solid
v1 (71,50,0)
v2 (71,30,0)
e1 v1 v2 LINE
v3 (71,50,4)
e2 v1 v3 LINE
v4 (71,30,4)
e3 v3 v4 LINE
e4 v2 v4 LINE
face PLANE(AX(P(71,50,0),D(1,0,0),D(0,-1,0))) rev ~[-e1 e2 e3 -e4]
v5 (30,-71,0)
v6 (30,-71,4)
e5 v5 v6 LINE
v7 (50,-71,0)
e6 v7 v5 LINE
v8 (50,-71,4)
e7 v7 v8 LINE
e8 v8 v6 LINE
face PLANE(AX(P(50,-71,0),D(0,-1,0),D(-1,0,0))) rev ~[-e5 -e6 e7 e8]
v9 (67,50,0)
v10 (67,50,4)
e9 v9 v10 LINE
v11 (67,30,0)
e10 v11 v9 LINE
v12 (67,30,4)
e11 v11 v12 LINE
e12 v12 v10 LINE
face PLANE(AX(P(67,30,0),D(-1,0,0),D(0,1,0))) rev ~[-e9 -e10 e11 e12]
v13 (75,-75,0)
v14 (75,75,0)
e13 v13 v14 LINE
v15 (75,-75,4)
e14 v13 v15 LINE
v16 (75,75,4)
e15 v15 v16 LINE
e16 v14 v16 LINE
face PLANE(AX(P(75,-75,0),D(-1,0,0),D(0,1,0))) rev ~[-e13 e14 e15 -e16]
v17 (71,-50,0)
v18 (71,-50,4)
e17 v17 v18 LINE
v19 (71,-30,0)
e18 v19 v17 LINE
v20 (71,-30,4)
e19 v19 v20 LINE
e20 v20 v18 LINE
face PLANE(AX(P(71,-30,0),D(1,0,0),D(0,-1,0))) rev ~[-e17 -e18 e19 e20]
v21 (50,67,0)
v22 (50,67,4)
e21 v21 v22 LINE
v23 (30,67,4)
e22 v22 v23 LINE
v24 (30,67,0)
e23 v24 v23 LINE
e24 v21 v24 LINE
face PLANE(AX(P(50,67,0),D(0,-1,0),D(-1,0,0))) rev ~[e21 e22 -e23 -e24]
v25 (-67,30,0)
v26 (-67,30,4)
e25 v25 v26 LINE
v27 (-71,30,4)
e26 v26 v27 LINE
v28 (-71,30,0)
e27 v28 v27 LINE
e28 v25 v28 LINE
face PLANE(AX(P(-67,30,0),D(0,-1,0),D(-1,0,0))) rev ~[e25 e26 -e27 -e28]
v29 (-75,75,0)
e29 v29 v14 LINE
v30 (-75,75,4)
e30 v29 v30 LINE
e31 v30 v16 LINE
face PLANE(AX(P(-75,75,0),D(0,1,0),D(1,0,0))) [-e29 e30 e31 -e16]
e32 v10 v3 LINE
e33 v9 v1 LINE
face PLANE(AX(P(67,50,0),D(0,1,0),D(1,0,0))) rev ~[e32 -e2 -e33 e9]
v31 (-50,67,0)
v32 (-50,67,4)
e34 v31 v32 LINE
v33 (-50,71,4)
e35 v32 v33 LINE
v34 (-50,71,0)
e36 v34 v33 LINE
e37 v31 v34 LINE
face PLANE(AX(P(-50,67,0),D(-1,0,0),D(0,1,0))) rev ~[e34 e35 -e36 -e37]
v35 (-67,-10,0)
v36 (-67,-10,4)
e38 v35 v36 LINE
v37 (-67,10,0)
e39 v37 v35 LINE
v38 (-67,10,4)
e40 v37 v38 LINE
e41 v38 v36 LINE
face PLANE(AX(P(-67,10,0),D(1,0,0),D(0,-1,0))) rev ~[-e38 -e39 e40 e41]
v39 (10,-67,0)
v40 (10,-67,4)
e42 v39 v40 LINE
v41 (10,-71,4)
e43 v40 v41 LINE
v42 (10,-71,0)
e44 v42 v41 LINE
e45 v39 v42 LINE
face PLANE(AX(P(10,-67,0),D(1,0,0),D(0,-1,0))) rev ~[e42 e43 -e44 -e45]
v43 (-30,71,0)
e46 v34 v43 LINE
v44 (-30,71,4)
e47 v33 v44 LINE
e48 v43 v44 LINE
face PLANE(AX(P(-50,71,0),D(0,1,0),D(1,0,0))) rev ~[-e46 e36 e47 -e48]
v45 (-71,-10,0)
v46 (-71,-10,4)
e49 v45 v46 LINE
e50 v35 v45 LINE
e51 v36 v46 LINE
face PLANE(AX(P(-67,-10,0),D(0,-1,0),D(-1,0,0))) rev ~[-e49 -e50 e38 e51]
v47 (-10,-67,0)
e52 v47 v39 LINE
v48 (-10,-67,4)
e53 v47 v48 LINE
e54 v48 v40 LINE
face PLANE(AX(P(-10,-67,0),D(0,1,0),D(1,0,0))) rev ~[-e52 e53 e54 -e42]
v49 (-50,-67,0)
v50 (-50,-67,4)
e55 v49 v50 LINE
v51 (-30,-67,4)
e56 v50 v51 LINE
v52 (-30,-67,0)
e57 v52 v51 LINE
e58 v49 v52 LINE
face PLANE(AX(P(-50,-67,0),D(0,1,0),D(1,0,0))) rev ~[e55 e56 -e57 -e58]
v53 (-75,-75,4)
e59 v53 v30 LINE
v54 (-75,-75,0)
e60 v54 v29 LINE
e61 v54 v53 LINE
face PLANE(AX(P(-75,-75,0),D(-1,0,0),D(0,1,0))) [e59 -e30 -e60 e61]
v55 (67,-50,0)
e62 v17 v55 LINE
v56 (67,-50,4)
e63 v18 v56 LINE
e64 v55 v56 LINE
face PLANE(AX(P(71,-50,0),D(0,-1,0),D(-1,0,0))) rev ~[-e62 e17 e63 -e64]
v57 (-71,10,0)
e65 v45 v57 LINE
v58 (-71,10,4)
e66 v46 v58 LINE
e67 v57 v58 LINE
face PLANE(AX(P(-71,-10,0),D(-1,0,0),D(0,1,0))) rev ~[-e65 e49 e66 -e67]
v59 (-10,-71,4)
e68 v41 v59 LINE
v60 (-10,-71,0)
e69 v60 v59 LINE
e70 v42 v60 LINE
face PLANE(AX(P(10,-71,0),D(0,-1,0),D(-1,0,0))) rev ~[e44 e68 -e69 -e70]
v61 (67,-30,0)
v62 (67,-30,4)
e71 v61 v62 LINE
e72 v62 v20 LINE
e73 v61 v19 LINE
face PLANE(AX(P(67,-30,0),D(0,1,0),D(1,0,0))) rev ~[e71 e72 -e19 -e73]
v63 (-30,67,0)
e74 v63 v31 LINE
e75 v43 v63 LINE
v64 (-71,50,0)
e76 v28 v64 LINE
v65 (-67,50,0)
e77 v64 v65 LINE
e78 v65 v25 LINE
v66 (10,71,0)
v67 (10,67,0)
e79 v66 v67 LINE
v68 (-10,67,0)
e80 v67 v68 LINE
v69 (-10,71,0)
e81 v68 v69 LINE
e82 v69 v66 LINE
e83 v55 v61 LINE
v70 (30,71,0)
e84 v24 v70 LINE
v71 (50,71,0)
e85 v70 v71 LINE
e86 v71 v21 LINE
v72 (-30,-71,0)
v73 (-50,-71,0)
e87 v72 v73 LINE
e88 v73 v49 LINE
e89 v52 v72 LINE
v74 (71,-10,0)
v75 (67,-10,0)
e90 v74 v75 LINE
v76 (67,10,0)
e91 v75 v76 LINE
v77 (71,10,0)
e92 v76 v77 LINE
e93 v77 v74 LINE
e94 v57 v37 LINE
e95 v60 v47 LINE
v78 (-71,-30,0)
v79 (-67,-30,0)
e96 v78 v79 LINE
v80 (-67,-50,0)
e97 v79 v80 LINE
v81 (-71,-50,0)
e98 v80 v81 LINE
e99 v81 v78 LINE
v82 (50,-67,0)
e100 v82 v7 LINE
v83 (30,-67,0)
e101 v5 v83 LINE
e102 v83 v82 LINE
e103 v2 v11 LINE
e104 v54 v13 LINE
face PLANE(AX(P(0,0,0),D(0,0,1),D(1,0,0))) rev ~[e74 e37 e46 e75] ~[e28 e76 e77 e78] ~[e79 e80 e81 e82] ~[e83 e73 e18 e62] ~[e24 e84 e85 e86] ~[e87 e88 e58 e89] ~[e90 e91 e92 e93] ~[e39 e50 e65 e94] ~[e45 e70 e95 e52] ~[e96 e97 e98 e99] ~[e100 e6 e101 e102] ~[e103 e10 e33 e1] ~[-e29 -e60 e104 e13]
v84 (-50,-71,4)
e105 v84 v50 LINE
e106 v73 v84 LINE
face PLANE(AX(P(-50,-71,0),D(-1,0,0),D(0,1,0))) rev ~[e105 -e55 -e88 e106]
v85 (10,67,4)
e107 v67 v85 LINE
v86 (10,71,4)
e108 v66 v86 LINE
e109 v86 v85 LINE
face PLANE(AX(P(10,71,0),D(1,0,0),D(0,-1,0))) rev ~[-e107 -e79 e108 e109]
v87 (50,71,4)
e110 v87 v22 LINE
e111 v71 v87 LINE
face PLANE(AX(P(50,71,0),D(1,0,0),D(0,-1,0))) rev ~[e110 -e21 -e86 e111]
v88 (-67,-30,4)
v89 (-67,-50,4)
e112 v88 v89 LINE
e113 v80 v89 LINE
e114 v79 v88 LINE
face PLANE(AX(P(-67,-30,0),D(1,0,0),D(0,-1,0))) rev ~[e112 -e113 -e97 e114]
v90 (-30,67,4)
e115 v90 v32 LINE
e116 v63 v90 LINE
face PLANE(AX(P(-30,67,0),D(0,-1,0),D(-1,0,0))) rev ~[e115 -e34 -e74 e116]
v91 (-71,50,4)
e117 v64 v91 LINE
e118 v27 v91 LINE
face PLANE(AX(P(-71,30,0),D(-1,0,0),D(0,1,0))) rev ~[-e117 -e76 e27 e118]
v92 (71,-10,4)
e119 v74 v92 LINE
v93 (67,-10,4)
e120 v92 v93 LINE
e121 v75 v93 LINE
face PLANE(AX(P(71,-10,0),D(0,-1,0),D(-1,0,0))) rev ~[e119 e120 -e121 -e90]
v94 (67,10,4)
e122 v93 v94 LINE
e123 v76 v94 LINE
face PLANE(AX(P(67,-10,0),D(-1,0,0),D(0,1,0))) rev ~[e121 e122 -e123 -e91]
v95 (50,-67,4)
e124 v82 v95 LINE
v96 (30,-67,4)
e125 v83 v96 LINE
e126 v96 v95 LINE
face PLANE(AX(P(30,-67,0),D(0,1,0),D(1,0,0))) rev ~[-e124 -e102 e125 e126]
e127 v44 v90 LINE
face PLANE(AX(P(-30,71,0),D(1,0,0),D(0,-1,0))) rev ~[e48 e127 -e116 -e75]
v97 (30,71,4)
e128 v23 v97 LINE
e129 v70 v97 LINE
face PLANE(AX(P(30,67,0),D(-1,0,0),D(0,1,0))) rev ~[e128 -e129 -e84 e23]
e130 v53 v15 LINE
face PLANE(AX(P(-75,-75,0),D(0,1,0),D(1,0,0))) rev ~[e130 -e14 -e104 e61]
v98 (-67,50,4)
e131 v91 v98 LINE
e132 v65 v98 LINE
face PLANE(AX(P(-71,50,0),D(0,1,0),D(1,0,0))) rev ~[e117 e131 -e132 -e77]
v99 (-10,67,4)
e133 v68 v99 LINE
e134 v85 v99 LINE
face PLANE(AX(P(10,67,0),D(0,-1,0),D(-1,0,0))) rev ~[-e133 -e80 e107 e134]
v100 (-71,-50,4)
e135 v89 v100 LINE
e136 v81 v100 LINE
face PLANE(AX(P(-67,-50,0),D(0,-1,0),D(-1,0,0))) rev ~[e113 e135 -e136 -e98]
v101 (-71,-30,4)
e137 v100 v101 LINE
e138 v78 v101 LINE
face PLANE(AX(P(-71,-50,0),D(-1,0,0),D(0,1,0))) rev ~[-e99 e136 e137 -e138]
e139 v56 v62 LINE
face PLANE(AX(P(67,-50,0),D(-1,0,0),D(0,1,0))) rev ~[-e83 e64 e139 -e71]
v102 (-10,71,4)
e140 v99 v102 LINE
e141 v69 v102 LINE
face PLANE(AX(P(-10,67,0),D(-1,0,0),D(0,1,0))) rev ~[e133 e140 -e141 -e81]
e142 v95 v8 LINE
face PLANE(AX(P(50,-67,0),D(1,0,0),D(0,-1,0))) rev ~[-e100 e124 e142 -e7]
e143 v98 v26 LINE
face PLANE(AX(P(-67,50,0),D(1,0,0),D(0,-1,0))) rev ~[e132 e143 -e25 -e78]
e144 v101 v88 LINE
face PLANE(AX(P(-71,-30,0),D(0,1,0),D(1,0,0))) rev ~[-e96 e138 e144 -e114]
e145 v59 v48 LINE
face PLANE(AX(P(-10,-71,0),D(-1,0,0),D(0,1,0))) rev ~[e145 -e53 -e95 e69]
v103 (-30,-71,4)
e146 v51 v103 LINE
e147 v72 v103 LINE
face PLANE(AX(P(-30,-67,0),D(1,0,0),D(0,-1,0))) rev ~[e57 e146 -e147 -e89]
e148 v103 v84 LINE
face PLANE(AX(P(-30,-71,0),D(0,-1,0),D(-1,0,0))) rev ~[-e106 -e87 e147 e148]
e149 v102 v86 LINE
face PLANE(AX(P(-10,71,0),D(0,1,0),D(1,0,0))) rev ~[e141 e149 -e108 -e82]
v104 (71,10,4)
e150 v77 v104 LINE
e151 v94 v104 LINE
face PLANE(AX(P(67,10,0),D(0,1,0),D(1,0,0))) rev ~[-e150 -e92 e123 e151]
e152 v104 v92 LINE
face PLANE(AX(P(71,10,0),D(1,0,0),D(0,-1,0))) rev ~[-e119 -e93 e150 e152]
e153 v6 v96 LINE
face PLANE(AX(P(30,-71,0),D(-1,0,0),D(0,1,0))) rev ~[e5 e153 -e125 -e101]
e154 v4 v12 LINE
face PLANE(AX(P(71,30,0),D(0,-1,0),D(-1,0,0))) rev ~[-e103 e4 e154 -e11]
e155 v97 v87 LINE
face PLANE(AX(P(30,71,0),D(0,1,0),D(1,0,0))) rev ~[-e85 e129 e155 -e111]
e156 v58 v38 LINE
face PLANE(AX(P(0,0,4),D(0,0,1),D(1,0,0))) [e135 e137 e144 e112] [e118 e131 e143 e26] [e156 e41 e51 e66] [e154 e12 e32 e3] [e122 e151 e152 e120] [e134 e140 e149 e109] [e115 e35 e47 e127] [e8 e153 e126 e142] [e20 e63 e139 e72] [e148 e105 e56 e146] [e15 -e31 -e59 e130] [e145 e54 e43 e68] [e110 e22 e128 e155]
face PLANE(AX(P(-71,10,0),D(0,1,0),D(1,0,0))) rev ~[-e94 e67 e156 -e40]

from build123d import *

# Parameters (mm, degrees)
F0_W     = 150
F0_H     = 150
F1_DEPTH = 4


with BuildPart() as f1:
    # F0 (on Top) → F1 (new body)
    with BuildSketch(Plane.XY):
        Rectangle(F0_W, F0_H)
        Polygon((-30, -71), (-40, -71), (-50, -71), (-50, -67), (-40, -67), (-30, -67), align=None, mode=Mode.SUBTRACT)
        Polygon((-71, -30), (-67, -30), (-67, -50), (-71, -50), (-71, -40), align=None, mode=Mode.SUBTRACT)
        Polygon((-10, -71), (-10, -67), (0, -67), (10, -67), (10, -71), (0, -71), align=None, mode=Mode.SUBTRACT)
        Polygon((50, -71), (40, -71), (30, -71), (30, -67), (40, -67), (50, -67), align=None, mode=Mode.SUBTRACT)
        Polygon((71, -50), (67, -50), (67, -30), (71, -30), (71, -40), align=None, mode=Mode.SUBTRACT)
        Polygon((-71, -10), (-71, 0), (-71, 10), (-67, 10), (-67, 0), (-67, -10), align=None, mode=Mode.SUBTRACT)
        Polygon((-71, 50), (-67, 50), (-67, 30), (-71, 30), (-71, 40), align=None, mode=Mode.SUBTRACT)
        Polygon((-30, 71), (-30, 67), (-40, 67), (-50, 67), (-50, 71), (-40, 71), align=None, mode=Mode.SUBTRACT)
        Polygon((71, 0), (71, -10), (67, -10), (67, 10), (71, 10), align=None, mode=Mode.SUBTRACT)
        Polygon((-10, 71), (0, 71), (10, 71), (10, 67), (0, 67), (-10, 67), align=None, mode=Mode.SUBTRACT)
        Polygon((71, 30), (67, 30), (67, 50), (71, 50), (71, 40), align=None, mode=Mode.SUBTRACT)
        Polygon((30, 71), (40, 71), (50, 71), (50, 67), (40, 67), (30, 67), align=None, mode=Mode.SUBTRACT)
    extrude(amount=F1_DEPTH)


solid = f1.part
